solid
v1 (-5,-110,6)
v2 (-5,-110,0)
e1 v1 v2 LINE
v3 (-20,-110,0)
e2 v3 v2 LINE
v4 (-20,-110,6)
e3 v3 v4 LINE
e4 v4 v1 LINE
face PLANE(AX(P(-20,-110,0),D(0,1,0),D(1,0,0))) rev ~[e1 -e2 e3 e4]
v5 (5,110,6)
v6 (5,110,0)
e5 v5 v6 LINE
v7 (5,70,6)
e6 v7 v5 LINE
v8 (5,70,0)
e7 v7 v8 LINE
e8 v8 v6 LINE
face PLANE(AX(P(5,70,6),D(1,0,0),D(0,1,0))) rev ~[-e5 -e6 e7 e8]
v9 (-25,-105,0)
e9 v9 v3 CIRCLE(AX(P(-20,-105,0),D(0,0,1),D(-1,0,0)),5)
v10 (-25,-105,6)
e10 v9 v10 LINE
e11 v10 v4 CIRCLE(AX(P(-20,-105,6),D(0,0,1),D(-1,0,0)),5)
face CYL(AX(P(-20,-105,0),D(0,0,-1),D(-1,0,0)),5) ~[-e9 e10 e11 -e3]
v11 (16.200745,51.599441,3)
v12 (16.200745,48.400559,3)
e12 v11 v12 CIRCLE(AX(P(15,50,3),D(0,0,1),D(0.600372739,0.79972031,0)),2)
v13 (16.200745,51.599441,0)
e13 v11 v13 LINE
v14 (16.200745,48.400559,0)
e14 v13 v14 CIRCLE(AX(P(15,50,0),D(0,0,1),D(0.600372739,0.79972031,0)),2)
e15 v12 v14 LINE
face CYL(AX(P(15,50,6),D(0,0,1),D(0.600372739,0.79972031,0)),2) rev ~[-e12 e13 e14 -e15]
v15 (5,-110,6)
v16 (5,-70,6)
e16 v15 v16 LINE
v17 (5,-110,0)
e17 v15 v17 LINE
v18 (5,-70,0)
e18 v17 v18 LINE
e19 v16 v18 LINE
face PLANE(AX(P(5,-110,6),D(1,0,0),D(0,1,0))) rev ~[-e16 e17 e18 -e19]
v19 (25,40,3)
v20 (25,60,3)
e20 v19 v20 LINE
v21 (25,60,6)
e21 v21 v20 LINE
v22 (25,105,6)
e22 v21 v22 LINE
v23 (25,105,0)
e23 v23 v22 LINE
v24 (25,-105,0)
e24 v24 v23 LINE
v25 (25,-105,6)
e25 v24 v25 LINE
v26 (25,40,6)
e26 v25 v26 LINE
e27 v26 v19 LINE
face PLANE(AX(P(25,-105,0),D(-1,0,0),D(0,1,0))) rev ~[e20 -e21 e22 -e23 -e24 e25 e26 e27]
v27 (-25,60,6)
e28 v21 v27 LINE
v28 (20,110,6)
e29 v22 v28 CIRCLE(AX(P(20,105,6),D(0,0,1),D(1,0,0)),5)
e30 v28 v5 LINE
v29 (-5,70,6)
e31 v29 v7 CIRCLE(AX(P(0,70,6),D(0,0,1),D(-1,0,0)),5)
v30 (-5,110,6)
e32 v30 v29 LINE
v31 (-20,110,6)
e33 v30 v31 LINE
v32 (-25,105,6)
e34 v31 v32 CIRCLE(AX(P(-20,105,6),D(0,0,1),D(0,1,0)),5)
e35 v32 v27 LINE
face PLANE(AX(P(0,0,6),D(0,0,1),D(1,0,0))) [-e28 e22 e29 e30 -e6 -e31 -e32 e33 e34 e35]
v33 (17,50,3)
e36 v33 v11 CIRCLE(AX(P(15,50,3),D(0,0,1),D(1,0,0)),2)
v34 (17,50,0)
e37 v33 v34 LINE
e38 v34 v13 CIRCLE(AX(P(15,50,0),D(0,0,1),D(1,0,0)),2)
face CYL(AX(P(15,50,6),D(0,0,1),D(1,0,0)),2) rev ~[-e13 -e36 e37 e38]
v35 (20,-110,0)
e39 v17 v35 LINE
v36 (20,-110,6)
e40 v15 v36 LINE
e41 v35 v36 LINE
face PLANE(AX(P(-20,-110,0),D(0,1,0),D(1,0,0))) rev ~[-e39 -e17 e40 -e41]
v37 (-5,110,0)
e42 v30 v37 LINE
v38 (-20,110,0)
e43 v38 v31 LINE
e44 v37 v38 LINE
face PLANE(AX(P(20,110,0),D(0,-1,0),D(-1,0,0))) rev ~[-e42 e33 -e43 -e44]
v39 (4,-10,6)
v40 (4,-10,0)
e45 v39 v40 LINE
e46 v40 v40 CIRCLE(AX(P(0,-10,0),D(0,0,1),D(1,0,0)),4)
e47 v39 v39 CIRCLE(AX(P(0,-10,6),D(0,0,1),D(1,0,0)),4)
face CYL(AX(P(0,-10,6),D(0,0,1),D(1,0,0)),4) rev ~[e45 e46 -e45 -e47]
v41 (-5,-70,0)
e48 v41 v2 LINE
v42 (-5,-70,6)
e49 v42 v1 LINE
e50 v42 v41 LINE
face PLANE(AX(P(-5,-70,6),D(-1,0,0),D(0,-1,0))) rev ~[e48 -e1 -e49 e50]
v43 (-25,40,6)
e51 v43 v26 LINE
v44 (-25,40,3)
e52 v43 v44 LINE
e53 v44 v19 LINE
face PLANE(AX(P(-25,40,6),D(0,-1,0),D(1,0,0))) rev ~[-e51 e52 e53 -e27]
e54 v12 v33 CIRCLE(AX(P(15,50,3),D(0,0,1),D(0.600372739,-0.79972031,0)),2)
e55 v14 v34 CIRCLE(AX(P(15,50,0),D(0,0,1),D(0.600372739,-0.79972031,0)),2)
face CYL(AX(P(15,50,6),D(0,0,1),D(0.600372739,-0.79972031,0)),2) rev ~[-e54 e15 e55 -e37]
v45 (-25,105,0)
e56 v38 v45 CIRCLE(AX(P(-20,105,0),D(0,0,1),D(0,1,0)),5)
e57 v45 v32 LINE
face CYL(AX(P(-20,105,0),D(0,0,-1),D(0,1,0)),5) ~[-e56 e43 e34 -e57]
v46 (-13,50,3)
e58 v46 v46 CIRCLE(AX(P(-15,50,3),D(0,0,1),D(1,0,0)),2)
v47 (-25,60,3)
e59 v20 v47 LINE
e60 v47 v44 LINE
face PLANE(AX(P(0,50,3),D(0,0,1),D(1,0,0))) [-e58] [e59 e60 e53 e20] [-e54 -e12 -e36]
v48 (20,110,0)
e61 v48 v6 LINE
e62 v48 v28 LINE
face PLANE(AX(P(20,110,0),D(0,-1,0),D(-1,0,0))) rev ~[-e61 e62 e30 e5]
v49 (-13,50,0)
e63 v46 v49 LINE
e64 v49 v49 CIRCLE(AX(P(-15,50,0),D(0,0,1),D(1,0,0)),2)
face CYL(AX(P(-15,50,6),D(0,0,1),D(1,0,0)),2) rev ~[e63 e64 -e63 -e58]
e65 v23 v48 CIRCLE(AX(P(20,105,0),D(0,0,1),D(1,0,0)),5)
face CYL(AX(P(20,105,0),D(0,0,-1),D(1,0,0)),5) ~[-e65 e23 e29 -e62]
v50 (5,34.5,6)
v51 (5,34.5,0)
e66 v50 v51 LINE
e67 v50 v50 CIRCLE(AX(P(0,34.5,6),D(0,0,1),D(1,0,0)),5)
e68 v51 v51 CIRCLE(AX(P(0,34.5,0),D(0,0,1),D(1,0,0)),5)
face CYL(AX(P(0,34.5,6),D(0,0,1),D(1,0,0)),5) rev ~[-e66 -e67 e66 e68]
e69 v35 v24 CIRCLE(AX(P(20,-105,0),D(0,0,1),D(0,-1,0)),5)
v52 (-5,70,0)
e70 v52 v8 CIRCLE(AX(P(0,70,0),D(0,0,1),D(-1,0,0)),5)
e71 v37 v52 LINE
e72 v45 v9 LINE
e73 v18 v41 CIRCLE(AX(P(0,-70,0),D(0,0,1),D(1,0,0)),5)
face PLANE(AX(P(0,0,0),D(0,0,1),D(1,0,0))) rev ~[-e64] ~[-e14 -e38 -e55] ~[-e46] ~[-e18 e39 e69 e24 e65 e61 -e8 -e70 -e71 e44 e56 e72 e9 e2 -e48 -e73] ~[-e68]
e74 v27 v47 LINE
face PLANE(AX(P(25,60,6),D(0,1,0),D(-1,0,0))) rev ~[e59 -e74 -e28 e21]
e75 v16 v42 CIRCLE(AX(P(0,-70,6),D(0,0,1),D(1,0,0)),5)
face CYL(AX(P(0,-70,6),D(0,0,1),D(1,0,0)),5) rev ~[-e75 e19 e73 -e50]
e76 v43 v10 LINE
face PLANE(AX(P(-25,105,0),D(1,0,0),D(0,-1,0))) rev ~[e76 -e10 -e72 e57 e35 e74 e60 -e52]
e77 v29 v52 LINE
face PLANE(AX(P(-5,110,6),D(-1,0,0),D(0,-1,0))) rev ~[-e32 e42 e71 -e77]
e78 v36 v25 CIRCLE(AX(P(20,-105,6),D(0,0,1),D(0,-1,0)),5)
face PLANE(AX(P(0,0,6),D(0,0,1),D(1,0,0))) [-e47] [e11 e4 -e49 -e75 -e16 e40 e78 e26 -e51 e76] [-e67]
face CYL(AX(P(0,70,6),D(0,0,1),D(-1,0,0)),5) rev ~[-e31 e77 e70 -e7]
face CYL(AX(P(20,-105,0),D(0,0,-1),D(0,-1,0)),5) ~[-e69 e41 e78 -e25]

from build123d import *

# Parameters (mm, degrees)
F1_DEPTH = 6
F2_W     = 10
F2_H     = 12.1811708808
F2_R     = 4
F2_R_2   = 5
F2_R_3   = 2
F2_H_2   = 27.5950810313
F3_DEPTH = 25
F5_DEPTH = 3


with BuildPart() as f1:
    # F0 (on Top) → F1 (new body)
    with BuildSketch(Plane.XY):
        with BuildLine():
            Line((20, 110), (-20, 110))
            ThreePointArc((-20, 110), (-23.5355339059, 108.5355339059), (-25, 105))
            Line((-25, 105), (-25, -105))
            ThreePointArc((-25, -105), (-23.5355339059, -108.5355339059), (-20, -110))
            Line((-20, -110), (20, -110))
            ThreePointArc((20, -110), (23.5355339059, -108.5355339059), (25, -105))
            Line((25, -105), (25, 105))
            ThreePointArc((25, 105), (23.5355339059, 108.5355339059), (20, 110))
        make_face()
    extrude(amount=F1_DEPTH)

    # F2 (on face) → F3 (cut)
    with BuildSketch(Plane.XY.offset(6)):
        with Locations((0, -103.9094145596)):
            Rectangle(F2_W, F2_H)
        with BuildLine():
            Line((-5, -97.8188291192), (5, -97.8188291192))
            Line((5, -97.8188291192), (5, -70))
            ThreePointArc((5, -70), (0, -65), (-5, -70))
            Line((-5, -70), (-5, -97.8188291192))
        make_face()
        with Locations((0, -10)):
            Circle(F2_R)
        with Locations((0, 34.5)):
            Circle(F2_R_2)
        with Locations((-15, 50)):
            Circle(F2_R_3)
        with BuildLine():
            ThreePointArc((16.2007454783, 51.5994406198), (13, 50), (16.2007454783, 48.4005593802))
            Line((16.2007454783, 48.4005593802), (16.2007454783, 51.5994406198))
        make_face()
        with BuildLine():
            Line((5, 70), (5, 82.4049189687))
            Line((5, 82.4049189687), (-5, 82.4049189687))
            Line((-5, 82.4049189687), (-5, 70))
            ThreePointArc((-5, 70), (0, 65), (5, 70))
        make_face()
        with Locations((0, 96.2024594843)):
            Rectangle(F2_W, F2_H_2)
        with BuildLine():
            Line((16.2007454783, 51.5994406198), (16.2007454783, 48.4005593802))
            ThreePointArc((16.2007454783, 48.4005593802), (16.7890627374, 49.1059896412), (17, 50))
            ThreePointArc((17, 50), (16.7890627374, 50.8940103588), (16.2007454783, 51.5994406198))
        make_face()
    extrude(amount=-F3_DEPTH, mode=Mode.SUBTRACT)

    # F4 (on face) → F5 (cut)
    with BuildSketch(Plane.XY.offset(6)):
        Polygon((25, 60), (12.5, 60), (-25, 60), (-25, 40), (25, 40), align=None)
    extrude(amount=-F5_DEPTH, mode=Mode.SUBTRACT)


solid = f1.part
